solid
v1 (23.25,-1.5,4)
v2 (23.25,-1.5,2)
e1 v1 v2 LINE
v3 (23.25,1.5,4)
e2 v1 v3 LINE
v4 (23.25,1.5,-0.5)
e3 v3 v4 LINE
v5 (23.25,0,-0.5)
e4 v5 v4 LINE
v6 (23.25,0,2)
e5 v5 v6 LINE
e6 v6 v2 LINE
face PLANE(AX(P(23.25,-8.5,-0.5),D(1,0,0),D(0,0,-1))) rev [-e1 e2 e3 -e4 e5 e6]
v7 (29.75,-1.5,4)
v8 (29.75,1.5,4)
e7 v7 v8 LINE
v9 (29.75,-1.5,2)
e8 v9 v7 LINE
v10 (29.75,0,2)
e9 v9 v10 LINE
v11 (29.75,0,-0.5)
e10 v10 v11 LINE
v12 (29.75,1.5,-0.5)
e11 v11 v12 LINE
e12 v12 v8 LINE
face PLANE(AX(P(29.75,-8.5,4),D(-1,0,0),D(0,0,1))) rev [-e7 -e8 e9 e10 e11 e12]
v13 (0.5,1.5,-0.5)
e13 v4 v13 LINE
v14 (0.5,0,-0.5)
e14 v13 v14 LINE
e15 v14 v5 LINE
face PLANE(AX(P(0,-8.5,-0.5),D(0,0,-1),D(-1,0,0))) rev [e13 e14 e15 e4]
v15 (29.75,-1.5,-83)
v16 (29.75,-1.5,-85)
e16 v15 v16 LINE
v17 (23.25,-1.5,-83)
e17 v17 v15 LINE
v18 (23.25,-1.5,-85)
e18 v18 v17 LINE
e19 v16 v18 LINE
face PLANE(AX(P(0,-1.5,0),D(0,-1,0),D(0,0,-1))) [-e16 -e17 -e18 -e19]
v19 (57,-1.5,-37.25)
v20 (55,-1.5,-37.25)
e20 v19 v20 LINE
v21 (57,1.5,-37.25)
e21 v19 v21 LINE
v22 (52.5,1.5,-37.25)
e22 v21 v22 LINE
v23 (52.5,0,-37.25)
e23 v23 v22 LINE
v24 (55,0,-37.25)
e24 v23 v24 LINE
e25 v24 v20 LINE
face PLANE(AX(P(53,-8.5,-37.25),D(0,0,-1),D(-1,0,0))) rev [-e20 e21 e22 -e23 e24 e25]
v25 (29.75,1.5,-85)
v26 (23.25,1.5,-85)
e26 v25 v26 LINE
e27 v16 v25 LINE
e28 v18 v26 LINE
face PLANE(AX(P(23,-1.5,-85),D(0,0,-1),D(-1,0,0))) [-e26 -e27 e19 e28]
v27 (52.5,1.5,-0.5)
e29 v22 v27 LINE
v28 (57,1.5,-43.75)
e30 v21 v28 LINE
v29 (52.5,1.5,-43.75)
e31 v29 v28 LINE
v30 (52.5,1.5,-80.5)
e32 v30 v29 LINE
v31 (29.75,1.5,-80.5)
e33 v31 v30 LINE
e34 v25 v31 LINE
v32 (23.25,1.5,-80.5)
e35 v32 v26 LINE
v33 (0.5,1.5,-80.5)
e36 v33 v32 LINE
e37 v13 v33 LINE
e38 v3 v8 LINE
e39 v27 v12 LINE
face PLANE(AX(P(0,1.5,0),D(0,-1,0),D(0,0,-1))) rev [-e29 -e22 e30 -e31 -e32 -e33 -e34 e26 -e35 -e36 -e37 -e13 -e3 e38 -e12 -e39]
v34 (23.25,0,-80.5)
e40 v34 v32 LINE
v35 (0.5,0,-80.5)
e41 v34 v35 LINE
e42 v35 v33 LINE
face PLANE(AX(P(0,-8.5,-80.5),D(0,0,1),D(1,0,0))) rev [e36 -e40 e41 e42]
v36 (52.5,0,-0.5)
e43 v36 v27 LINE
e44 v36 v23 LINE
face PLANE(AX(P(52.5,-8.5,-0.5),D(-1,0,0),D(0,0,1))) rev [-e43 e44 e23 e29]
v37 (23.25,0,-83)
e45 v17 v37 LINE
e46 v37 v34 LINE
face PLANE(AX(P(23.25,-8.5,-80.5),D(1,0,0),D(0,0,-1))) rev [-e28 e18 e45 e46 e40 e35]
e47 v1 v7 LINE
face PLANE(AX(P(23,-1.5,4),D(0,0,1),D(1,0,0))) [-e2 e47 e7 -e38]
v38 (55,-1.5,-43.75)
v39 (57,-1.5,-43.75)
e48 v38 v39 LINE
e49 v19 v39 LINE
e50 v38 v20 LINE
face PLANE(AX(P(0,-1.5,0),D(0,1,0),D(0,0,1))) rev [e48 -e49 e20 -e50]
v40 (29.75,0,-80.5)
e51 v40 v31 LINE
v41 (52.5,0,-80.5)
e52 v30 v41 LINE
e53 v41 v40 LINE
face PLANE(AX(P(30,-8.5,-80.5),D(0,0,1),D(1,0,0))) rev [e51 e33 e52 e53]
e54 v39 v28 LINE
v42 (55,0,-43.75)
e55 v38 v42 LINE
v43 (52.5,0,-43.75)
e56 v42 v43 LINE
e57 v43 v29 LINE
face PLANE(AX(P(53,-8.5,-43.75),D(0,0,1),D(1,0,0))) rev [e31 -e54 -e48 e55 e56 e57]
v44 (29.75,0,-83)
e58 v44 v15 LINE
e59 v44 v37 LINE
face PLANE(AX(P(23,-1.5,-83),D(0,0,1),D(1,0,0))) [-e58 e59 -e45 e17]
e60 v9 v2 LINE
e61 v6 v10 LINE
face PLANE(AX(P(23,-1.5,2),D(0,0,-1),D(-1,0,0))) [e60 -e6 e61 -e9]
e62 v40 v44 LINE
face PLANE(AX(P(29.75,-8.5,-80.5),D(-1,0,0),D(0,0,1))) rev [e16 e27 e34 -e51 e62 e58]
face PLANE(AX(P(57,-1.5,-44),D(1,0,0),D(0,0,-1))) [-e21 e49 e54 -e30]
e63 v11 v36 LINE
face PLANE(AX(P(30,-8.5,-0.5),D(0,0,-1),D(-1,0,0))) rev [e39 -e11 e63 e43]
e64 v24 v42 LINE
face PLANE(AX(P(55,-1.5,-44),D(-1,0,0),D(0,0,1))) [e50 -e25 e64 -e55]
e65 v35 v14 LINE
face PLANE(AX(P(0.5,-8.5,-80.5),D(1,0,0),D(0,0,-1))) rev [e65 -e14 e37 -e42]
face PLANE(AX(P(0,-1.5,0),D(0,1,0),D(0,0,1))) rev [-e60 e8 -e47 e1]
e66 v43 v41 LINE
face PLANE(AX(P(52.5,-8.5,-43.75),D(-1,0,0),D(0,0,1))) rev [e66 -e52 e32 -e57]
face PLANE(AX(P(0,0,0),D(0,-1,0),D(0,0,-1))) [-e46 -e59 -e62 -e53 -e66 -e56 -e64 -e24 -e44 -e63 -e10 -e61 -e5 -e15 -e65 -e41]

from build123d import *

# Parameters (mm, degrees)
BOSS_EXTRUDE1_DEPTH = 1.5
SKETCH2_W           = 7
SKETCH2_H           = 2
SKETCH2_W_2         = 2
SKETCH2_H_2         = 7
BOSS_EXTRUDE2_DEPTH = 3
SKETCH3_W           = 23
SKETCH3_H           = 0.5
CUT_EXTRUDE1_DEPTH  = 10
SKETCH4_W           = 23
SKETCH4_H           = 0.5
CUT_EXTRUDE2_DEPTH  = 10
SKETCH5_W           = 0.25
SKETCH5_H           = 4.5
SKETCH5_W_2         = 4
SKETCH5_H_2         = 0.25
CUT_EXTRUDE3_DEPTH  = 10
SKETCH6_W           = 0.5
SKETCH6_H           = 80
SKETCH6_H_2         = 36.75
CUT_EXTRUDE4_DEPTH  = 10


with BuildPart() as part:
    # Sketch1 → Boss-Extrude1 (new body)
    with BuildSketch(Plane(origin=(0, 0, 0), x_dir=(1, 0, 0), z_dir=(0, 1, 0))):
        Polygon((30, 81), (53, 81), (53, 44), (55, 44), (55, 37), (53, 37), (53, 0), (30, 0), (30, -2), (23, -2), (23, 0), (0, 0), (0, 81), (23, 81), (23, 83), (30, 83), align=None)
    extrude(amount=BOSS_EXTRUDE1_DEPTH)

    # Sketch2 → Boss-Extrude2 (add)
    with BuildSketch(Plane(origin=(0, 1.5, 0), x_dir=(1, 0, 0), z_dir=(0, 1, 0))):
        with Locations((26.5, 84)):
            Rectangle(SKETCH2_W, SKETCH2_H)
        with Locations((56, 40.5)):
            Rectangle(SKETCH2_W_2, SKETCH2_H_2)
        with Locations((26.5, -3)):
            Rectangle(SKETCH2_W, SKETCH2_H)
    extrude(amount=-BOSS_EXTRUDE2_DEPTH)

    # Sketch3 → Cut-Extrude1 (cut)
    with BuildSketch(Plane(origin=(0, 1.5, 0), x_dir=(1, 0, 0), z_dir=(0, 1, 0))):
        with Locations((11.5, 80.75)):
            Rectangle(SKETCH3_W, SKETCH3_H)
        with Locations((41.5, 80.75)):
            Rectangle(SKETCH3_W, SKETCH3_H)
    extrude(amount=-CUT_EXTRUDE1_DEPTH, mode=Mode.SUBTRACT)

    # Sketch4 → Cut-Extrude2 (cut)
    with BuildSketch(Plane(origin=(0, 1.5, 0), x_dir=(1, 0, 0), z_dir=(0, 1, 0))):
        with Locations((11.5, 0.25)):
            Rectangle(SKETCH4_W, SKETCH4_H)
        with Locations((41.5, 0.25)):
            Rectangle(SKETCH4_W, SKETCH4_H)
    extrude(amount=-CUT_EXTRUDE2_DEPTH, mode=Mode.SUBTRACT)

    # Sketch5 → Cut-Extrude3 (cut)
    with BuildSketch(Plane(origin=(0, 1.5, 0), x_dir=(1, 0, 0), z_dir=(0, 1, 0))):
        with Locations((23.125, 82.75)):
            Rectangle(SKETCH5_W, SKETCH5_H)
        with Locations((29.875, 82.75)):
            Rectangle(SKETCH5_W, SKETCH5_H)
        with Locations((55, 43.875)):
            Rectangle(SKETCH5_W_2, SKETCH5_H_2)
        with Locations((55, 37.125)):
            Rectangle(SKETCH5_W_2, SKETCH5_H_2)
        with Locations((23.125, -1.75)):
            Rectangle(SKETCH5_W, SKETCH5_H)
        with Locations((29.875, -1.75)):
            Rectangle(SKETCH5_W, SKETCH5_H)
    extrude(amount=-CUT_EXTRUDE3_DEPTH, mode=Mode.SUBTRACT)

    # Sketch6 → Cut-Extrude4 (cut)
    with BuildSketch(Plane(origin=(0, 1.5, 0), x_dir=(1, 0, 0), z_dir=(0, 1, 0))):
        with Locations((0.25, 40.5)):
            Rectangle(SKETCH6_W, SKETCH6_H)
        with Locations((52.75, 18.875)):
            Rectangle(SKETCH6_W, SKETCH6_H_2)
        with Locations((52.75, 62.125)):
            Rectangle(SKETCH6_W, SKETCH6_H_2)
    extrude(amount=-CUT_EXTRUDE4_DEPTH, mode=Mode.SUBTRACT)


solid = part.part
